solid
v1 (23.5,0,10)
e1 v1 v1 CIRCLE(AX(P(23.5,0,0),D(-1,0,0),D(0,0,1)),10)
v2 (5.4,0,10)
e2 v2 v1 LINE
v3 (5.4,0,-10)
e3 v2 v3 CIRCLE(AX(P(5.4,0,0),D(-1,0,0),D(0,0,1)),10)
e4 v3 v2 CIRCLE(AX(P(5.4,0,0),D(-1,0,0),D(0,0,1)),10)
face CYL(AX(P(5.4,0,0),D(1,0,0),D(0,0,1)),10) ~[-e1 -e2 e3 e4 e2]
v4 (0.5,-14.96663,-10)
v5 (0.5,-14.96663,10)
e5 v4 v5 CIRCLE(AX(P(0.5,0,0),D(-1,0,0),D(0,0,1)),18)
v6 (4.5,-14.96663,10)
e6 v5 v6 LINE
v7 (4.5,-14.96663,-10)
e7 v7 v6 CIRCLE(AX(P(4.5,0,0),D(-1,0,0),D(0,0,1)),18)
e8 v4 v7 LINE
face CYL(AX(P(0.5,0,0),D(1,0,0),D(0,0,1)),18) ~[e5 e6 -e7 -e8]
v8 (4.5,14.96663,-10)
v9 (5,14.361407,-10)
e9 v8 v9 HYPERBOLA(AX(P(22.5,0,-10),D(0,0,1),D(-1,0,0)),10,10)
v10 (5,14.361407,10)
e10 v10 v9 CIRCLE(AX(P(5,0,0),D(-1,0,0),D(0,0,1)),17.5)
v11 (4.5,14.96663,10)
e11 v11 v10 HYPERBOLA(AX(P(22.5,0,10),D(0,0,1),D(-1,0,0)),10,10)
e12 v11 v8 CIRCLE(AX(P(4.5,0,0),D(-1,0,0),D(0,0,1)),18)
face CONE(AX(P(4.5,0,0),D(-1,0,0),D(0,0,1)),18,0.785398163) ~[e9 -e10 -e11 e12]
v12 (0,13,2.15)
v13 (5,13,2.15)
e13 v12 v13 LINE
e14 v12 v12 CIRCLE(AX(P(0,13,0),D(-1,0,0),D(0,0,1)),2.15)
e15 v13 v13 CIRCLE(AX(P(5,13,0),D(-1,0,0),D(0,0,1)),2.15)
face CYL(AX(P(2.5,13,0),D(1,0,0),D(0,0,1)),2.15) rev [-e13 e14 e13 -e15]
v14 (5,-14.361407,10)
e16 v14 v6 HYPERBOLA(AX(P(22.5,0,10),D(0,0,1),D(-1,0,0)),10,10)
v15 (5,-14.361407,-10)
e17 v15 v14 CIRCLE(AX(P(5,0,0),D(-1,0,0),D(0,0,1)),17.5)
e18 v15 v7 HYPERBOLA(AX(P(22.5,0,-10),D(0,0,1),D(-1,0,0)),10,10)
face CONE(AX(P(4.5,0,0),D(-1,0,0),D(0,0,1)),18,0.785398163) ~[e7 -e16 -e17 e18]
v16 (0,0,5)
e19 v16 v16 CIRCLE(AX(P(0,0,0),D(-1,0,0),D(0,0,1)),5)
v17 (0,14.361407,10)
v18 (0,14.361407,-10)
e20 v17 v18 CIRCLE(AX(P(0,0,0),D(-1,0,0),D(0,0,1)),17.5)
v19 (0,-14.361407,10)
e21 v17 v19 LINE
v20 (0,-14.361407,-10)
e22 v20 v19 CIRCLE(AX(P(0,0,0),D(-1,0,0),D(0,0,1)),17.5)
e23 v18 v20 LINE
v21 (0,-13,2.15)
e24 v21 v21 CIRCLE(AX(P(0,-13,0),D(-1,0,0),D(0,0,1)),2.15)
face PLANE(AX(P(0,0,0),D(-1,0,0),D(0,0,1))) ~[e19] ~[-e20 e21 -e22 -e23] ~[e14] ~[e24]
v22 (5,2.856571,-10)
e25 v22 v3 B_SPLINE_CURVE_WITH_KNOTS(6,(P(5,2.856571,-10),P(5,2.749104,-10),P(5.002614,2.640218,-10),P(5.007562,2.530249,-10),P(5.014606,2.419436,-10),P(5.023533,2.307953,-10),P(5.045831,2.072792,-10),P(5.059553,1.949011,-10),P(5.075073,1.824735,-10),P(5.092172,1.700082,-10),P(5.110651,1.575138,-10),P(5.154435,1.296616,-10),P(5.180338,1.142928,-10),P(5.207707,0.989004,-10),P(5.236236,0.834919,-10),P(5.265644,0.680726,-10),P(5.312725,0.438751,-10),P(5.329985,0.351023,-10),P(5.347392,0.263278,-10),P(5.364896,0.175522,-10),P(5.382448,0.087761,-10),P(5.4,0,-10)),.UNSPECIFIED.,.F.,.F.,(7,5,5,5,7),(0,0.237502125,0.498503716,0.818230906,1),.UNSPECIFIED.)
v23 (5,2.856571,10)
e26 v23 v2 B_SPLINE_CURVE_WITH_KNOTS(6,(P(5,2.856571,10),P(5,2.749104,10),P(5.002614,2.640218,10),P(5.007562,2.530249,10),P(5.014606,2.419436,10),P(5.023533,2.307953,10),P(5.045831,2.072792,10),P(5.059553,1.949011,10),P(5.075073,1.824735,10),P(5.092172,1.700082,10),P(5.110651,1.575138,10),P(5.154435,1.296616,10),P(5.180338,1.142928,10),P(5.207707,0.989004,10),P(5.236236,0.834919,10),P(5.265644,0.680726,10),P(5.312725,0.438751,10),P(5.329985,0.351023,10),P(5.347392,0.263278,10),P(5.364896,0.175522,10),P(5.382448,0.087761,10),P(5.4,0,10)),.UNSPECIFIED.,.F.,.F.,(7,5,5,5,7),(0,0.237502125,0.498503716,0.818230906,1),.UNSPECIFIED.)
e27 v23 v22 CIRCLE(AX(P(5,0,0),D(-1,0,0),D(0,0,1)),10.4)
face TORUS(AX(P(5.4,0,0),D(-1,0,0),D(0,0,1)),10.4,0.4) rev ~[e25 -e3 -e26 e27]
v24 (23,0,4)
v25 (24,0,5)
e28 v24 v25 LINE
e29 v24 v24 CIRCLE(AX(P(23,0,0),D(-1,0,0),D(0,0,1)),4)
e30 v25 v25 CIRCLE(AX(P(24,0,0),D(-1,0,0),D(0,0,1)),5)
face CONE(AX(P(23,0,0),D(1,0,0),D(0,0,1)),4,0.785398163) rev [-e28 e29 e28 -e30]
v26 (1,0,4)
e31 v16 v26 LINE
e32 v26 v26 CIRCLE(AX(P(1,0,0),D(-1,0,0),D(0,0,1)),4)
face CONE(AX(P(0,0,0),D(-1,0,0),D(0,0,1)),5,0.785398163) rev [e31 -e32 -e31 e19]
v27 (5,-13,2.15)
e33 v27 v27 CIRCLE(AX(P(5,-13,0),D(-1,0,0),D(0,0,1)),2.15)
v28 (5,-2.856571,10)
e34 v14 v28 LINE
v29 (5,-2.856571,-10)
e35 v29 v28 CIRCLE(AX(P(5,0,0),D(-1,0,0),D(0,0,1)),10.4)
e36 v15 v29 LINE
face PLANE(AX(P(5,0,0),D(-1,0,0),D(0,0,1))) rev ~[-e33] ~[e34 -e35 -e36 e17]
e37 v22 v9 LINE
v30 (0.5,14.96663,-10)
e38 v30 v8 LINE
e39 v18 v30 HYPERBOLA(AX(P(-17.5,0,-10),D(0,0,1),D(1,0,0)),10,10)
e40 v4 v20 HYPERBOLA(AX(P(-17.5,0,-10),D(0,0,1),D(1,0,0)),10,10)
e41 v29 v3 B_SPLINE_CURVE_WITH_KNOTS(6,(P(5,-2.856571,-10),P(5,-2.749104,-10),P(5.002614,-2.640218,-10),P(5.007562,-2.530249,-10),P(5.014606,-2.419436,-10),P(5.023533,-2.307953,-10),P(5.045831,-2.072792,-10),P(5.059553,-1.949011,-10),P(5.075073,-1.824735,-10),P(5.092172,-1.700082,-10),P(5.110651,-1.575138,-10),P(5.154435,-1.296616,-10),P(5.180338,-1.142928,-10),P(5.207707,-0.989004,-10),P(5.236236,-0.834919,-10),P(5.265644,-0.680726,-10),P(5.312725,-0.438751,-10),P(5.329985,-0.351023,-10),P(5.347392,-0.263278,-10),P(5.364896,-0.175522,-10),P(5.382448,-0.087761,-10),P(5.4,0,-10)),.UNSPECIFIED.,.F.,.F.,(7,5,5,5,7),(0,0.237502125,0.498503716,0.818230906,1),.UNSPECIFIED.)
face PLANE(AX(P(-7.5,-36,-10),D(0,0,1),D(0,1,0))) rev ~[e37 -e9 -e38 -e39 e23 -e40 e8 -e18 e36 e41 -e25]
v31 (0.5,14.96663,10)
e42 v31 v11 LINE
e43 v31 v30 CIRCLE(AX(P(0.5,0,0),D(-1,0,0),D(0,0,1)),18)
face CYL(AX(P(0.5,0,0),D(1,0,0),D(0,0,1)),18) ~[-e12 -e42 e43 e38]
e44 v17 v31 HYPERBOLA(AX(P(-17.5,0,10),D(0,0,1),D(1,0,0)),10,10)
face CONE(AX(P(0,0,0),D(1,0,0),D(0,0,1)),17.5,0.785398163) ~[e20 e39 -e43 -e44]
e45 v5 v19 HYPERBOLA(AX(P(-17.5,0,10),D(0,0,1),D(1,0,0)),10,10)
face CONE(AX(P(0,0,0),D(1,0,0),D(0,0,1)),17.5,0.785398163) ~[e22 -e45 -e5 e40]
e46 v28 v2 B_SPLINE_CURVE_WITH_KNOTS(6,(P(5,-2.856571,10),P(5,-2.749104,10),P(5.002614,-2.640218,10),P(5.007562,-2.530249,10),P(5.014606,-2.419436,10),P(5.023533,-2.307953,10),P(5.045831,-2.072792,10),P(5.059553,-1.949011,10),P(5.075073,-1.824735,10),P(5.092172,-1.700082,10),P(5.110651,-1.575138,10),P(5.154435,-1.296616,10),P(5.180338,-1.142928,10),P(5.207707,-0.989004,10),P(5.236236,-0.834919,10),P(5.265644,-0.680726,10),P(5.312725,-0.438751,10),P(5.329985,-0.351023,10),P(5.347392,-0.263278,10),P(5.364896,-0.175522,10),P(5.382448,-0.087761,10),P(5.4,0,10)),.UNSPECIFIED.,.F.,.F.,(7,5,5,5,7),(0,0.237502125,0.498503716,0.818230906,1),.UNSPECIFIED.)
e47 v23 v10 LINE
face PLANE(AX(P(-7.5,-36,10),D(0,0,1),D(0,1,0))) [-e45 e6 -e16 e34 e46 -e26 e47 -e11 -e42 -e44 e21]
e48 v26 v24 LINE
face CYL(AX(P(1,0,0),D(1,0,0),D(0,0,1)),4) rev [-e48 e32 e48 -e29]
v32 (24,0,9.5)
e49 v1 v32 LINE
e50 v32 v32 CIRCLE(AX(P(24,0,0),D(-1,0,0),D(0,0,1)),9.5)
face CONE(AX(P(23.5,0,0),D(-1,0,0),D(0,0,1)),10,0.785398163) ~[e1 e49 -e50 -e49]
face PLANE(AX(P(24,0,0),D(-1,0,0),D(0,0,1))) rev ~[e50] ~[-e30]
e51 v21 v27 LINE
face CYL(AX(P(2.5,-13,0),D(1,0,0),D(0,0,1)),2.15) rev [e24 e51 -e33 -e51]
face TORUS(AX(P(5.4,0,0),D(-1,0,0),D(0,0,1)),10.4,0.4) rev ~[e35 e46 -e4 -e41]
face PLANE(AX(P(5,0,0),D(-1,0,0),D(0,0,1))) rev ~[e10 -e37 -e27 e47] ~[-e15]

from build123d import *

# Parameters (mm, degrees)
SKETCH3_W               = 5
SKETCH3_H               = 2.15
SKETCH4_W               = 5
SKETCH4_H               = 2.15
CUT_EXTRUDE1_DEPTH      = 7.5
CUT_EXTRUDE1_DEPTH_BACK = 7.5
SKETCH5_W               = 40
SKETCH5_H               = 108
SKETCH5_W_2             = 20
SKETCH5_H_2             = 72


with BuildPart() as part:
    # Sketch1 → Revolve1 (revolve)
    with BuildSketch(Plane.XY, mode=Mode.PRIVATE) as revolve1_sk:
        with BuildLine():
            Line((0, 0), (0, 17.5))
            Line((0, 17.5), (0.5, 18))
            Line((0.5, 18), (4.5, 18))
            Line((4.5, 18), (5, 17.5))
            Line((5, 17.5), (5, 10.4))
            ThreePointArc((5, 10.4), (5.117157288, 10.117157288), (5.4, 10))
            Line((5.4, 10), (23.5, 10))
            Line((23.5, 10), (24, 9.5))
            Line((24, 9.5), (24, 0))
            Line((24, 0), (0, 0))
        make_face()
    revolve(revolve1_sk.sketch.rotate(Axis((24, 0, 0), (-1, 0, 0)), 270), axis=Axis((24, 0, 0), (-1, 0, 0)))

    # Sketch2 → Cut-Revolve1 (revolve, cut)
    with BuildSketch(Plane.XY, mode=Mode.PRIVATE) as cut_revolve1_sk:
        Polygon((0, 0), (0, 5), (1, 4), (23, 4), (24, 5), (24, 0), align=None)
    revolve(cut_revolve1_sk.sketch.rotate(Axis((24, 0, 0), (-1, 0, 0)), 270), axis=Axis((24, 0, 0), (-1, 0, 0)), mode=Mode.SUBTRACT)

    # Sketch3 → Cut-Revolve2 (revolve, cut)
    with BuildSketch(Plane.XY, mode=Mode.PRIVATE) as cut_revolve2_sk:
        with Locations((2.5, 14.075)):
            Rectangle(SKETCH3_W, SKETCH3_H)
    revolve(cut_revolve2_sk.sketch.rotate(Axis((5, 13, 0), (-1, 0, 0)), 270), axis=Axis((5, 13, 0), (-1, 0, 0)), mode=Mode.SUBTRACT)

    # Sketch4 → Cut-Revolve3 (revolve, cut)
    with BuildSketch(Plane.XY, mode=Mode.PRIVATE) as cut_revolve3_sk:
        with Locations((2.5, -11.925)):
            Rectangle(SKETCH4_W, SKETCH4_H)
    revolve(cut_revolve3_sk.sketch.rotate(Axis((5, -13, 0), (-1, 0, 0)), 270), axis=Axis((5, -13, 0), (-1, 0, 0)), mode=Mode.SUBTRACT)

    # Sketch5 → Cut-Extrude1 (cut, two sides: drawn at the far end of the back side and taken through both)
    with BuildSketch(Plane(origin=(0, 0, 0), x_dir=(0, 0, -1), z_dir=(1, 0, 0)).offset(-CUT_EXTRUDE1_DEPTH_BACK)):
        Rectangle(SKETCH5_W, SKETCH5_H)
        Rectangle(SKETCH5_W_2, SKETCH5_H_2, mode=Mode.SUBTRACT)
    extrude(amount=CUT_EXTRUDE1_DEPTH + CUT_EXTRUDE1_DEPTH_BACK, mode=Mode.SUBTRACT)


solid = part.part
